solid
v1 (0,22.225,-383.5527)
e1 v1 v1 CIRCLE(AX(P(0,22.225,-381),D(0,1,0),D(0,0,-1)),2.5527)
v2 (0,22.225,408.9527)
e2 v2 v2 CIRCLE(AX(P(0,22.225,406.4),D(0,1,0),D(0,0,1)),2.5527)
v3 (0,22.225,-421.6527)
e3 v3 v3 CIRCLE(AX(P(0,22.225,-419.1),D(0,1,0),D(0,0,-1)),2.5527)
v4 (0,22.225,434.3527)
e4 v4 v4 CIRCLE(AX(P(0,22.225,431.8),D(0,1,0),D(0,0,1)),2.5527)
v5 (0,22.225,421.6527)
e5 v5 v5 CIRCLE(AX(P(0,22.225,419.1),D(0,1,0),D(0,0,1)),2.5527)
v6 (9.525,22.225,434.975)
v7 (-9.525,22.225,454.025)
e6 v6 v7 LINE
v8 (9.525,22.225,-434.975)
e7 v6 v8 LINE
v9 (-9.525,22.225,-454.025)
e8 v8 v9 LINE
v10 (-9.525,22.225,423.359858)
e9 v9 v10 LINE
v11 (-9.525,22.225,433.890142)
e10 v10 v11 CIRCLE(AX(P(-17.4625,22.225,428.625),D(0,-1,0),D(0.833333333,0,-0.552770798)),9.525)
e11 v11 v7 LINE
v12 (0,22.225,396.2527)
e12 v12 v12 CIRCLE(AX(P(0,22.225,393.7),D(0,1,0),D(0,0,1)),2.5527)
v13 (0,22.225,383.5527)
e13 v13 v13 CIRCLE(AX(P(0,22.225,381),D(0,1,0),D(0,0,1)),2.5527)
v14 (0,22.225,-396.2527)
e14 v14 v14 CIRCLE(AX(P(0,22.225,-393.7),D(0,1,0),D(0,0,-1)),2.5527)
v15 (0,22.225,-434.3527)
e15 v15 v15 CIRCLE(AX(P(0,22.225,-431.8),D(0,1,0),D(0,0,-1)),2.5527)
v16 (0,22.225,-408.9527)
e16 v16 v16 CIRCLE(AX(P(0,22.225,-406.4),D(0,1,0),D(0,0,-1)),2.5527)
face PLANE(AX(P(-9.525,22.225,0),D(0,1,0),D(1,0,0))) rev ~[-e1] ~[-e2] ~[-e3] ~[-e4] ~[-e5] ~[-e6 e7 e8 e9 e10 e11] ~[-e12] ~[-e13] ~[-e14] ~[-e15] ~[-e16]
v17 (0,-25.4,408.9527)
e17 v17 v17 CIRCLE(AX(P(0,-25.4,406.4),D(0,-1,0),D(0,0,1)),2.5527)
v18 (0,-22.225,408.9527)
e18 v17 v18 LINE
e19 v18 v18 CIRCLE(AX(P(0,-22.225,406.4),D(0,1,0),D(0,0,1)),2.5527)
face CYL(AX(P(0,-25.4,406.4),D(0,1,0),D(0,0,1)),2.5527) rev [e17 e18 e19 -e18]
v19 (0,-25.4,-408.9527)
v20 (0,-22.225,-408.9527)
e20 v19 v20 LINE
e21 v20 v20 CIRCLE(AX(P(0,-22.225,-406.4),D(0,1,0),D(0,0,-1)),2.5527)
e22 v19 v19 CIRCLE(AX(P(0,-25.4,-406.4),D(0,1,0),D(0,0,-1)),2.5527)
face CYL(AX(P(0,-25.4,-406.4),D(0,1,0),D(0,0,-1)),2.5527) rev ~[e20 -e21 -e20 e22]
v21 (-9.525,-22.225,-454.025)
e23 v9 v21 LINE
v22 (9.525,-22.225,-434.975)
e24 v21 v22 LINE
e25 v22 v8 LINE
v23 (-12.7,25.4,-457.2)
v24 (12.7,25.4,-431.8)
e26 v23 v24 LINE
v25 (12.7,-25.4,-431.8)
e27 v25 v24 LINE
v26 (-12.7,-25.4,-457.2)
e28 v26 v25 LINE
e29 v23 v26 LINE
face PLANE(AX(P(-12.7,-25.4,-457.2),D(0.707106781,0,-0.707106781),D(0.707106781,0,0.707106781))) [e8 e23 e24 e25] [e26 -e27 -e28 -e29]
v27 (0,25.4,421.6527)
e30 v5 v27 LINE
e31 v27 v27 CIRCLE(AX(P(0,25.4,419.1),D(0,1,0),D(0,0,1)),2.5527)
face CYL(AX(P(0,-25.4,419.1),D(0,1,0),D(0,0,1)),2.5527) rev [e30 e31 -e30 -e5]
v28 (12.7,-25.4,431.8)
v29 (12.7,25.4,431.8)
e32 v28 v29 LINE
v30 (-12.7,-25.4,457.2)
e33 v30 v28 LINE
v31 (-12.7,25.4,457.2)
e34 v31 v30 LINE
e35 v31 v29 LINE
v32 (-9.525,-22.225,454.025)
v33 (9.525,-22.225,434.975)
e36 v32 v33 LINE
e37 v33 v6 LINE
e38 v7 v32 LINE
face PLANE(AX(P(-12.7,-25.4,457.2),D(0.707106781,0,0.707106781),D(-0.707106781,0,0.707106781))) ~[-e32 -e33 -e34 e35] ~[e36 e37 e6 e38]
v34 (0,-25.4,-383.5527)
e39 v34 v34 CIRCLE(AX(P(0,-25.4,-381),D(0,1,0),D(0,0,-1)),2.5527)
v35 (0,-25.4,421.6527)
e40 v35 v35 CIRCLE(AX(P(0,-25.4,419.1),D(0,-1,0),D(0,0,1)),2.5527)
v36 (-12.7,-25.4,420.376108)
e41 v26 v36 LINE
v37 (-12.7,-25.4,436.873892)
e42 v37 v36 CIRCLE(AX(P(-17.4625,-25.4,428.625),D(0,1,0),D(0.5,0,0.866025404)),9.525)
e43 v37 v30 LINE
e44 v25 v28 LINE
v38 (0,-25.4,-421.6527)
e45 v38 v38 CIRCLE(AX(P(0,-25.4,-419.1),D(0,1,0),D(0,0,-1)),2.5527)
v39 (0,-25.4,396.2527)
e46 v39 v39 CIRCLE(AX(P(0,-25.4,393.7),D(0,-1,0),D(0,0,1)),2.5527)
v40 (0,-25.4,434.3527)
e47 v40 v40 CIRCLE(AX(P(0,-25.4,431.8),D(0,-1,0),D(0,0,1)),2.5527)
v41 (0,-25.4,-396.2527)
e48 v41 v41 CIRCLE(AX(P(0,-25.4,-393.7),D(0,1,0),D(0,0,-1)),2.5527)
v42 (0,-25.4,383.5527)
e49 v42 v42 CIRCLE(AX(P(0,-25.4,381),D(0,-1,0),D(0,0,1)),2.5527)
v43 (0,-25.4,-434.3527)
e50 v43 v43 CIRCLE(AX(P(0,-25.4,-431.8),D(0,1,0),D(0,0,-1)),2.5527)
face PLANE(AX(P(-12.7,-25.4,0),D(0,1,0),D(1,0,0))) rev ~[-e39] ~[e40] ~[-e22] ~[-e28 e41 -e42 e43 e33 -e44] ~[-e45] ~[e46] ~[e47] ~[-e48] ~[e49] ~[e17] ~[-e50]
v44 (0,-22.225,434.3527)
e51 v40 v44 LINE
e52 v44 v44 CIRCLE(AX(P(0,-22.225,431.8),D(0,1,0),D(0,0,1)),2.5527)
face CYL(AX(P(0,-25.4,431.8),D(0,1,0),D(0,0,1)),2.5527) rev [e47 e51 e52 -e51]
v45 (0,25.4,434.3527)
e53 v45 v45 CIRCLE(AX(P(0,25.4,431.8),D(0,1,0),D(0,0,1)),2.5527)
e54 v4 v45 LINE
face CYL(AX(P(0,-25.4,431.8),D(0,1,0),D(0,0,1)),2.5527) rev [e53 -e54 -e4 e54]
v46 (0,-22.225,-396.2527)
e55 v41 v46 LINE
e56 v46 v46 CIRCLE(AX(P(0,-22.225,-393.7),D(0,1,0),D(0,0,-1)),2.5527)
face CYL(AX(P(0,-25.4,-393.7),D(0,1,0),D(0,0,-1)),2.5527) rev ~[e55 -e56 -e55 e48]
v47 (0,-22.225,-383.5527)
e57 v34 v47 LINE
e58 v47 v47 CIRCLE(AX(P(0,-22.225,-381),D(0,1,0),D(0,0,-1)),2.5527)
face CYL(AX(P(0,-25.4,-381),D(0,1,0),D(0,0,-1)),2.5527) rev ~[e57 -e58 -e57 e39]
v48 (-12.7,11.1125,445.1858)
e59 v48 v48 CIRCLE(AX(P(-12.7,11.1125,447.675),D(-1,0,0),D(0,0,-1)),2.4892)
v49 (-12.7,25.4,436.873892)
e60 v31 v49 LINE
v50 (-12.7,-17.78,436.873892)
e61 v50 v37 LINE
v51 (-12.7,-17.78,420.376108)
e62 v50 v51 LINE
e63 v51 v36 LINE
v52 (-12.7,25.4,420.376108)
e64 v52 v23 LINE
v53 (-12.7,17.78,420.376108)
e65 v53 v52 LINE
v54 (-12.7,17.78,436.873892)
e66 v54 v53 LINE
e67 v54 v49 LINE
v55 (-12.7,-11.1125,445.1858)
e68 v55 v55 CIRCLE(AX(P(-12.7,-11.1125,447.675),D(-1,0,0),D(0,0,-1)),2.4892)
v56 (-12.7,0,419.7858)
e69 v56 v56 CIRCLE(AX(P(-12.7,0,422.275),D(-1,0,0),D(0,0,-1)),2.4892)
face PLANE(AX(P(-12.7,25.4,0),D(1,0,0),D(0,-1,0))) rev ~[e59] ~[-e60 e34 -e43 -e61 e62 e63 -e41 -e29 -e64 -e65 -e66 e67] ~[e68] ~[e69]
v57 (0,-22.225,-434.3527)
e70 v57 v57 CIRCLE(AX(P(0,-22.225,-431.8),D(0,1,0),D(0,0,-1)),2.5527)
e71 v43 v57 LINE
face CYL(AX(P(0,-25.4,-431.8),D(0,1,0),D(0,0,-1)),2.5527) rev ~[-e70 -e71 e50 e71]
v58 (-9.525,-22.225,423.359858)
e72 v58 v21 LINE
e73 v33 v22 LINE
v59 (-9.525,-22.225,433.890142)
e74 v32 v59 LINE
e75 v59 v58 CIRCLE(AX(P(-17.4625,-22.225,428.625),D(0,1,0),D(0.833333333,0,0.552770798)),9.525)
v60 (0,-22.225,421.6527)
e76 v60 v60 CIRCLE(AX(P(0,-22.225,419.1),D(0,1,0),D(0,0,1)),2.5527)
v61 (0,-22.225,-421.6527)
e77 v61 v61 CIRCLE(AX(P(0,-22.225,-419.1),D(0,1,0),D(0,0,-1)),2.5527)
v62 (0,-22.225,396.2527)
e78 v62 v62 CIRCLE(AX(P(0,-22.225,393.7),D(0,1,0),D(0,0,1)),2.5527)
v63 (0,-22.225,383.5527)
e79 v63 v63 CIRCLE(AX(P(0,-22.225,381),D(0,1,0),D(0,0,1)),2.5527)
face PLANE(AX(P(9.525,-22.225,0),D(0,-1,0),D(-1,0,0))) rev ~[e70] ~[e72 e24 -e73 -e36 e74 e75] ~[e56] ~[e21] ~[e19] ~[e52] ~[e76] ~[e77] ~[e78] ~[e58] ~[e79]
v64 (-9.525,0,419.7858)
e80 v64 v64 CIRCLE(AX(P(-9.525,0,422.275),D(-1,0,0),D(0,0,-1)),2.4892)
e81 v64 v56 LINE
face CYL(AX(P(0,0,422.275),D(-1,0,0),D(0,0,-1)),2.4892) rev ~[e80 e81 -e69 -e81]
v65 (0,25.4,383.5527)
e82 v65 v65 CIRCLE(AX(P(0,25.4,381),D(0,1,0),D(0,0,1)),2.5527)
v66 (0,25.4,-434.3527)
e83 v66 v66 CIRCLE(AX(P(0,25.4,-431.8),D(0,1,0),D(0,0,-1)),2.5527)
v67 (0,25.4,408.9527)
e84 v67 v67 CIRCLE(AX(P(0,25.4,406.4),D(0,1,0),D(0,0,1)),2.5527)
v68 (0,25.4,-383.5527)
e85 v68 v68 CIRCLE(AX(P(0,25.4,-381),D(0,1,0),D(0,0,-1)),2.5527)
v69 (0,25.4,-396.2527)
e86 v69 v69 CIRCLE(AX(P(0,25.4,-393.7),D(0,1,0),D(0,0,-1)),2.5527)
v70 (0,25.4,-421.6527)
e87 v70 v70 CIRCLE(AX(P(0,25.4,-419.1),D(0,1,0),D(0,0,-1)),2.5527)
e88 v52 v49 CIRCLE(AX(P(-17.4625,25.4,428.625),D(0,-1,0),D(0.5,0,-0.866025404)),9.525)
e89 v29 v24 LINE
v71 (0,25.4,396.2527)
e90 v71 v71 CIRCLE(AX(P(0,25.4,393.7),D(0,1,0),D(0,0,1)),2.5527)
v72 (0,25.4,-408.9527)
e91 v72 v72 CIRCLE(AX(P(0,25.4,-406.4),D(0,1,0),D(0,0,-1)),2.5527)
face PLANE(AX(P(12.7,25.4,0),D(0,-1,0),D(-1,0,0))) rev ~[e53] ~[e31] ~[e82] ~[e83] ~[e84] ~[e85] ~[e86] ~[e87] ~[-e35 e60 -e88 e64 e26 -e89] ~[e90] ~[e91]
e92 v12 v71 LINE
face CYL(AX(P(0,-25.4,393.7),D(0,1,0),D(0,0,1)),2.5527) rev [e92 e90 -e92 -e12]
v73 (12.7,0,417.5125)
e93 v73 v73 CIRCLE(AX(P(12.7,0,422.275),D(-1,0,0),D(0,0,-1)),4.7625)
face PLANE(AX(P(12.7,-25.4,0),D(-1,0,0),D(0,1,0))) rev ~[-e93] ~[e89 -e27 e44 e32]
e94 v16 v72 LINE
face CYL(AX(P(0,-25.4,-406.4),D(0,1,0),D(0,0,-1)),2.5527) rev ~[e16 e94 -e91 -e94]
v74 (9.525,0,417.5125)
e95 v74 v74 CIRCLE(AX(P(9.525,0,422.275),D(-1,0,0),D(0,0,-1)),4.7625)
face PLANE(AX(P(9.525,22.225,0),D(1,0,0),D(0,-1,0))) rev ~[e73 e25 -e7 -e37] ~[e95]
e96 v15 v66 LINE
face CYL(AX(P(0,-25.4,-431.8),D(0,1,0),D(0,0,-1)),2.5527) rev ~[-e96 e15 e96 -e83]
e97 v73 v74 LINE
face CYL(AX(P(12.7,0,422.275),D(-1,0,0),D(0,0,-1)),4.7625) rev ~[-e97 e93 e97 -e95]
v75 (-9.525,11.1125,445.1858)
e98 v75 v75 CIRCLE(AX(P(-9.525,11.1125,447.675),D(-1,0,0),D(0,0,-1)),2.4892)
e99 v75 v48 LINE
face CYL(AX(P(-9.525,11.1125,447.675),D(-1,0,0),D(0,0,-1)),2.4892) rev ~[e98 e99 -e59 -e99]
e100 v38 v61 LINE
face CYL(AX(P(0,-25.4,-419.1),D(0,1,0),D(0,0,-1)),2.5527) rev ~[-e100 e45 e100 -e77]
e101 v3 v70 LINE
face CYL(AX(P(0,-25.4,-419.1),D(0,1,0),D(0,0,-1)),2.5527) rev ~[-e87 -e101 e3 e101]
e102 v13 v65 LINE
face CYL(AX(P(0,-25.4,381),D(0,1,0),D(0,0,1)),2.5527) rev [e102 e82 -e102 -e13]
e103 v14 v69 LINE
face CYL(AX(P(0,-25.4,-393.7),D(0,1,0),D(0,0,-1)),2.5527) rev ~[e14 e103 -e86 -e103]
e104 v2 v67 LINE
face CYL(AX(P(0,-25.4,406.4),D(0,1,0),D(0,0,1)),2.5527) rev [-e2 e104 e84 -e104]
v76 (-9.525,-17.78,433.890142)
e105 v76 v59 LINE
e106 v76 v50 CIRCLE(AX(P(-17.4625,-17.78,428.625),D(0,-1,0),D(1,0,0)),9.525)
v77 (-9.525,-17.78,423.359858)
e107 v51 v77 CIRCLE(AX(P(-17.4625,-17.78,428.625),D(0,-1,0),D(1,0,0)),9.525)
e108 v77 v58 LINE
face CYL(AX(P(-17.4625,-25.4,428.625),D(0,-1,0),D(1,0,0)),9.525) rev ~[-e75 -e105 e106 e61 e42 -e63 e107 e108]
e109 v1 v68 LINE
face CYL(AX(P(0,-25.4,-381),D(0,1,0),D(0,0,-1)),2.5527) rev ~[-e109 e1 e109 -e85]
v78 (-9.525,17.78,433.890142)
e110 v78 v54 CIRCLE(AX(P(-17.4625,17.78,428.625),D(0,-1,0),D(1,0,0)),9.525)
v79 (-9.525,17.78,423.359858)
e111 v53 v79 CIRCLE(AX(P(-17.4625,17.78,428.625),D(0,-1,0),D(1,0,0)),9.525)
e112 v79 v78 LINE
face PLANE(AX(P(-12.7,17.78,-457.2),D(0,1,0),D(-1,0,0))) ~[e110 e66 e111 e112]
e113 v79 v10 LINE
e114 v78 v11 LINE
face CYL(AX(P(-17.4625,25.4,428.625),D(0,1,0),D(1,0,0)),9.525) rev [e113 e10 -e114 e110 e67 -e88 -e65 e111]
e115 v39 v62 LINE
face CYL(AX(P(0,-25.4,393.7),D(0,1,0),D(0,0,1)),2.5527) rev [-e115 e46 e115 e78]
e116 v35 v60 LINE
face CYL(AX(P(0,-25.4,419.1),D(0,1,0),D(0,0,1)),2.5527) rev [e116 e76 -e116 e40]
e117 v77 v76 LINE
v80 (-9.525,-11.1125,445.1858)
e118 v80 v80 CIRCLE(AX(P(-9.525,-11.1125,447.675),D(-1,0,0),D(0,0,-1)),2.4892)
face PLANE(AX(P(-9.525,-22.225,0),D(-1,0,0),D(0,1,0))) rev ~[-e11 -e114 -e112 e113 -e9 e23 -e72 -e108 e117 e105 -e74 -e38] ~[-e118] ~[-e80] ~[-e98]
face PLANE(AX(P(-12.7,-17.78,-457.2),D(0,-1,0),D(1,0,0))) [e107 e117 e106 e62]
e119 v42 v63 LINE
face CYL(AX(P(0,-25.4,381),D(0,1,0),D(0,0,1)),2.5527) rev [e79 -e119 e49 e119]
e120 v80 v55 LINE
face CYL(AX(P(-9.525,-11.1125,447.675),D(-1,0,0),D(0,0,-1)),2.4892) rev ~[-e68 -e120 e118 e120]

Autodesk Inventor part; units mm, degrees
ref_plane "YZ Plane" through (0, 0, 0) normal (1, 0, 0) x (0, 1, 0)
ref_plane "XZ Plane" through (0, 0, 0) normal (0, 1, 0) x (-1, 0, 0)
ref_plane "XY Plane" through (0, 0, 0) normal (0, 0, 1) x (1, 0, 0)
sketch "Sketch1" plane through (0, 0, 0) normal (0, 0, 1) x (1, 0, 0)
  line L0 (-12.7, -25.4) -> (12.7, -25.4)
  line L1 (12.7, -25.4) -> (12.7, 25.4)
  line L2 (12.7, 25.4) -> (-12.7, 25.4)
  line L3 (-12.7, 25.4) -> (-12.7, -25.4)
  line L4 (-12.7, -25.4) -> (12.7, 25.4) construction
  line L5 (12.7, -25.4) -> (-12.7, 25.4) construction
  line L6 (-9.525, 22.225) -> (9.525, 22.225)
  line L7 (9.525, 22.225) -> (9.525, -22.225)
  line L8 (9.525, -22.225) -> (-9.525, -22.225)
  line L9 (-9.525, -22.225) -> (-9.525, 22.225)
  point P0 (0, 0)
  dimension "d0" = 25.4
  dimension "d1" = 50.8
  dimension "d2" = 3.175
extrude "Extrusion1" add sketch "Sketch1" along normal mid plane 914.4
sketch "Sketch2" plane through (-12.7, -25.4, 457.2) normal (0, -1, 0) x (1, 0, 0)
  line L0 (25.4, 0) -> (25.4, -914.4) projected
  line L1 (0, 0) -> (25.4, 0) construction
  line L2 (0, -914.4) -> (0, 0) construction
  line L3 (25.4, -914.4) -> (0, -914.4) projected
  line L4 (0, -914.4) -> (25.4, -889)
  point P0 (12.7, -457.2)
  dimension "d6" = 45
extrude "Extrusion2" cut sketch "Sketch2" against normal through all
sketch "Sketch4" plane through (-12.7, -25.4, 457.2) normal (0, -1, 0) x (1, 0, 0)
  line L0 (0, -914.4) -> (0, 0) construction
  point P0 (12.7, -457.2)
  point P1 (12.7, -889)
  point P2 (12.7, -876.3)
  point P3 (12.7, -863.6)
  point P4 (12.7, -850.9)
  point P5 (12.7, -838.2)
  dimension "d9" = 12.7
  dimension "d10" = 25.4
  dimension "d13" = 12.7
hole "Hole1" at (0, -25.4, -431.8) at (0, -25.4, -419.1) at (0, -25.4, -406.4) at (0, -25.4, -393.7) at (0, -25.4, -381) direction (0, 1, 0) diameter 5.1054 end through all clearance for "Flat Head Machine Screw (82)" size "#10" standard "Ansi Unified Screw Threads"
mirror "Mirror1" about plane through (0, 0, 0) normal (0, 0, 1) of "Hole1", "Extrusion2"
sketch "Sketch5" plane through (12.7, -25.4, -431.8) normal (1, 0, 0) x (0, 0, -1)
  line L0 (-431.8, 25.4) -> (-854.075, 25.4) construction
  dimension "d25" = 422.275
hole "Hole2" at (12.7, 0, 422.275) direction (-1, 0, 0) diameter 4.9784 end through all counterbore diameter 9.525 counterbore depth 12.7 clearance for "Socket Head Cap Screw" size "#10" standard "Ansi Unified Screw Threads"
sketch "Sketch6" plane through (-9.525, -22.225, -454.025) normal (1, 0, 0) x (0, 0, -1)
  circle A0 centre (-876.3, 22.225) radius 2.4892 construction
  line L0 (-876.3, 22.225) -> (-901.7, 22.225) construction
  line L1 (-901.7, 33.3375) -> (-901.7, 11.1125) construction
  point P0 (-454.025, 22.225)
  dimension "d33" = 25.4
  dimension "d34" = 22.225
hole "Hole3" at (-9.525, -11.1125, 447.675) at (-9.525, 11.1125, 447.675) direction (-1, 0, 0) diameter 4.9784 end through all clearance for "Socket Head Cap Screw" size "#10" standard "Ansi Unified Screw Threads"
sketch "Sketch7" plane through (-12.7, -25.4, -457.2) normal (0, -1, 0) x (1, 0, 0)
  circle A0 centre (-4.7625, 885.825) radius 9.525
  line L0 (0, 0) -> (0, 914.4) construction
  point P0 (12.7, 457.2)
  dimension "d42" = 4.7625
  dimension "d43" = 28.575
  dimension "d44" = 19.05
extrude "Extrusion3" cut sketch "Sketch7" against normal blind 7.62
mirror "Mirror2" about plane through (0, 0, 0) normal (0, 1, 0) of "Extrusion3"
properties part number "TUBE,ELEVATOR,SIDE,STAGE1" material "Aluminum 6061 T6 0 Cold Formed"
